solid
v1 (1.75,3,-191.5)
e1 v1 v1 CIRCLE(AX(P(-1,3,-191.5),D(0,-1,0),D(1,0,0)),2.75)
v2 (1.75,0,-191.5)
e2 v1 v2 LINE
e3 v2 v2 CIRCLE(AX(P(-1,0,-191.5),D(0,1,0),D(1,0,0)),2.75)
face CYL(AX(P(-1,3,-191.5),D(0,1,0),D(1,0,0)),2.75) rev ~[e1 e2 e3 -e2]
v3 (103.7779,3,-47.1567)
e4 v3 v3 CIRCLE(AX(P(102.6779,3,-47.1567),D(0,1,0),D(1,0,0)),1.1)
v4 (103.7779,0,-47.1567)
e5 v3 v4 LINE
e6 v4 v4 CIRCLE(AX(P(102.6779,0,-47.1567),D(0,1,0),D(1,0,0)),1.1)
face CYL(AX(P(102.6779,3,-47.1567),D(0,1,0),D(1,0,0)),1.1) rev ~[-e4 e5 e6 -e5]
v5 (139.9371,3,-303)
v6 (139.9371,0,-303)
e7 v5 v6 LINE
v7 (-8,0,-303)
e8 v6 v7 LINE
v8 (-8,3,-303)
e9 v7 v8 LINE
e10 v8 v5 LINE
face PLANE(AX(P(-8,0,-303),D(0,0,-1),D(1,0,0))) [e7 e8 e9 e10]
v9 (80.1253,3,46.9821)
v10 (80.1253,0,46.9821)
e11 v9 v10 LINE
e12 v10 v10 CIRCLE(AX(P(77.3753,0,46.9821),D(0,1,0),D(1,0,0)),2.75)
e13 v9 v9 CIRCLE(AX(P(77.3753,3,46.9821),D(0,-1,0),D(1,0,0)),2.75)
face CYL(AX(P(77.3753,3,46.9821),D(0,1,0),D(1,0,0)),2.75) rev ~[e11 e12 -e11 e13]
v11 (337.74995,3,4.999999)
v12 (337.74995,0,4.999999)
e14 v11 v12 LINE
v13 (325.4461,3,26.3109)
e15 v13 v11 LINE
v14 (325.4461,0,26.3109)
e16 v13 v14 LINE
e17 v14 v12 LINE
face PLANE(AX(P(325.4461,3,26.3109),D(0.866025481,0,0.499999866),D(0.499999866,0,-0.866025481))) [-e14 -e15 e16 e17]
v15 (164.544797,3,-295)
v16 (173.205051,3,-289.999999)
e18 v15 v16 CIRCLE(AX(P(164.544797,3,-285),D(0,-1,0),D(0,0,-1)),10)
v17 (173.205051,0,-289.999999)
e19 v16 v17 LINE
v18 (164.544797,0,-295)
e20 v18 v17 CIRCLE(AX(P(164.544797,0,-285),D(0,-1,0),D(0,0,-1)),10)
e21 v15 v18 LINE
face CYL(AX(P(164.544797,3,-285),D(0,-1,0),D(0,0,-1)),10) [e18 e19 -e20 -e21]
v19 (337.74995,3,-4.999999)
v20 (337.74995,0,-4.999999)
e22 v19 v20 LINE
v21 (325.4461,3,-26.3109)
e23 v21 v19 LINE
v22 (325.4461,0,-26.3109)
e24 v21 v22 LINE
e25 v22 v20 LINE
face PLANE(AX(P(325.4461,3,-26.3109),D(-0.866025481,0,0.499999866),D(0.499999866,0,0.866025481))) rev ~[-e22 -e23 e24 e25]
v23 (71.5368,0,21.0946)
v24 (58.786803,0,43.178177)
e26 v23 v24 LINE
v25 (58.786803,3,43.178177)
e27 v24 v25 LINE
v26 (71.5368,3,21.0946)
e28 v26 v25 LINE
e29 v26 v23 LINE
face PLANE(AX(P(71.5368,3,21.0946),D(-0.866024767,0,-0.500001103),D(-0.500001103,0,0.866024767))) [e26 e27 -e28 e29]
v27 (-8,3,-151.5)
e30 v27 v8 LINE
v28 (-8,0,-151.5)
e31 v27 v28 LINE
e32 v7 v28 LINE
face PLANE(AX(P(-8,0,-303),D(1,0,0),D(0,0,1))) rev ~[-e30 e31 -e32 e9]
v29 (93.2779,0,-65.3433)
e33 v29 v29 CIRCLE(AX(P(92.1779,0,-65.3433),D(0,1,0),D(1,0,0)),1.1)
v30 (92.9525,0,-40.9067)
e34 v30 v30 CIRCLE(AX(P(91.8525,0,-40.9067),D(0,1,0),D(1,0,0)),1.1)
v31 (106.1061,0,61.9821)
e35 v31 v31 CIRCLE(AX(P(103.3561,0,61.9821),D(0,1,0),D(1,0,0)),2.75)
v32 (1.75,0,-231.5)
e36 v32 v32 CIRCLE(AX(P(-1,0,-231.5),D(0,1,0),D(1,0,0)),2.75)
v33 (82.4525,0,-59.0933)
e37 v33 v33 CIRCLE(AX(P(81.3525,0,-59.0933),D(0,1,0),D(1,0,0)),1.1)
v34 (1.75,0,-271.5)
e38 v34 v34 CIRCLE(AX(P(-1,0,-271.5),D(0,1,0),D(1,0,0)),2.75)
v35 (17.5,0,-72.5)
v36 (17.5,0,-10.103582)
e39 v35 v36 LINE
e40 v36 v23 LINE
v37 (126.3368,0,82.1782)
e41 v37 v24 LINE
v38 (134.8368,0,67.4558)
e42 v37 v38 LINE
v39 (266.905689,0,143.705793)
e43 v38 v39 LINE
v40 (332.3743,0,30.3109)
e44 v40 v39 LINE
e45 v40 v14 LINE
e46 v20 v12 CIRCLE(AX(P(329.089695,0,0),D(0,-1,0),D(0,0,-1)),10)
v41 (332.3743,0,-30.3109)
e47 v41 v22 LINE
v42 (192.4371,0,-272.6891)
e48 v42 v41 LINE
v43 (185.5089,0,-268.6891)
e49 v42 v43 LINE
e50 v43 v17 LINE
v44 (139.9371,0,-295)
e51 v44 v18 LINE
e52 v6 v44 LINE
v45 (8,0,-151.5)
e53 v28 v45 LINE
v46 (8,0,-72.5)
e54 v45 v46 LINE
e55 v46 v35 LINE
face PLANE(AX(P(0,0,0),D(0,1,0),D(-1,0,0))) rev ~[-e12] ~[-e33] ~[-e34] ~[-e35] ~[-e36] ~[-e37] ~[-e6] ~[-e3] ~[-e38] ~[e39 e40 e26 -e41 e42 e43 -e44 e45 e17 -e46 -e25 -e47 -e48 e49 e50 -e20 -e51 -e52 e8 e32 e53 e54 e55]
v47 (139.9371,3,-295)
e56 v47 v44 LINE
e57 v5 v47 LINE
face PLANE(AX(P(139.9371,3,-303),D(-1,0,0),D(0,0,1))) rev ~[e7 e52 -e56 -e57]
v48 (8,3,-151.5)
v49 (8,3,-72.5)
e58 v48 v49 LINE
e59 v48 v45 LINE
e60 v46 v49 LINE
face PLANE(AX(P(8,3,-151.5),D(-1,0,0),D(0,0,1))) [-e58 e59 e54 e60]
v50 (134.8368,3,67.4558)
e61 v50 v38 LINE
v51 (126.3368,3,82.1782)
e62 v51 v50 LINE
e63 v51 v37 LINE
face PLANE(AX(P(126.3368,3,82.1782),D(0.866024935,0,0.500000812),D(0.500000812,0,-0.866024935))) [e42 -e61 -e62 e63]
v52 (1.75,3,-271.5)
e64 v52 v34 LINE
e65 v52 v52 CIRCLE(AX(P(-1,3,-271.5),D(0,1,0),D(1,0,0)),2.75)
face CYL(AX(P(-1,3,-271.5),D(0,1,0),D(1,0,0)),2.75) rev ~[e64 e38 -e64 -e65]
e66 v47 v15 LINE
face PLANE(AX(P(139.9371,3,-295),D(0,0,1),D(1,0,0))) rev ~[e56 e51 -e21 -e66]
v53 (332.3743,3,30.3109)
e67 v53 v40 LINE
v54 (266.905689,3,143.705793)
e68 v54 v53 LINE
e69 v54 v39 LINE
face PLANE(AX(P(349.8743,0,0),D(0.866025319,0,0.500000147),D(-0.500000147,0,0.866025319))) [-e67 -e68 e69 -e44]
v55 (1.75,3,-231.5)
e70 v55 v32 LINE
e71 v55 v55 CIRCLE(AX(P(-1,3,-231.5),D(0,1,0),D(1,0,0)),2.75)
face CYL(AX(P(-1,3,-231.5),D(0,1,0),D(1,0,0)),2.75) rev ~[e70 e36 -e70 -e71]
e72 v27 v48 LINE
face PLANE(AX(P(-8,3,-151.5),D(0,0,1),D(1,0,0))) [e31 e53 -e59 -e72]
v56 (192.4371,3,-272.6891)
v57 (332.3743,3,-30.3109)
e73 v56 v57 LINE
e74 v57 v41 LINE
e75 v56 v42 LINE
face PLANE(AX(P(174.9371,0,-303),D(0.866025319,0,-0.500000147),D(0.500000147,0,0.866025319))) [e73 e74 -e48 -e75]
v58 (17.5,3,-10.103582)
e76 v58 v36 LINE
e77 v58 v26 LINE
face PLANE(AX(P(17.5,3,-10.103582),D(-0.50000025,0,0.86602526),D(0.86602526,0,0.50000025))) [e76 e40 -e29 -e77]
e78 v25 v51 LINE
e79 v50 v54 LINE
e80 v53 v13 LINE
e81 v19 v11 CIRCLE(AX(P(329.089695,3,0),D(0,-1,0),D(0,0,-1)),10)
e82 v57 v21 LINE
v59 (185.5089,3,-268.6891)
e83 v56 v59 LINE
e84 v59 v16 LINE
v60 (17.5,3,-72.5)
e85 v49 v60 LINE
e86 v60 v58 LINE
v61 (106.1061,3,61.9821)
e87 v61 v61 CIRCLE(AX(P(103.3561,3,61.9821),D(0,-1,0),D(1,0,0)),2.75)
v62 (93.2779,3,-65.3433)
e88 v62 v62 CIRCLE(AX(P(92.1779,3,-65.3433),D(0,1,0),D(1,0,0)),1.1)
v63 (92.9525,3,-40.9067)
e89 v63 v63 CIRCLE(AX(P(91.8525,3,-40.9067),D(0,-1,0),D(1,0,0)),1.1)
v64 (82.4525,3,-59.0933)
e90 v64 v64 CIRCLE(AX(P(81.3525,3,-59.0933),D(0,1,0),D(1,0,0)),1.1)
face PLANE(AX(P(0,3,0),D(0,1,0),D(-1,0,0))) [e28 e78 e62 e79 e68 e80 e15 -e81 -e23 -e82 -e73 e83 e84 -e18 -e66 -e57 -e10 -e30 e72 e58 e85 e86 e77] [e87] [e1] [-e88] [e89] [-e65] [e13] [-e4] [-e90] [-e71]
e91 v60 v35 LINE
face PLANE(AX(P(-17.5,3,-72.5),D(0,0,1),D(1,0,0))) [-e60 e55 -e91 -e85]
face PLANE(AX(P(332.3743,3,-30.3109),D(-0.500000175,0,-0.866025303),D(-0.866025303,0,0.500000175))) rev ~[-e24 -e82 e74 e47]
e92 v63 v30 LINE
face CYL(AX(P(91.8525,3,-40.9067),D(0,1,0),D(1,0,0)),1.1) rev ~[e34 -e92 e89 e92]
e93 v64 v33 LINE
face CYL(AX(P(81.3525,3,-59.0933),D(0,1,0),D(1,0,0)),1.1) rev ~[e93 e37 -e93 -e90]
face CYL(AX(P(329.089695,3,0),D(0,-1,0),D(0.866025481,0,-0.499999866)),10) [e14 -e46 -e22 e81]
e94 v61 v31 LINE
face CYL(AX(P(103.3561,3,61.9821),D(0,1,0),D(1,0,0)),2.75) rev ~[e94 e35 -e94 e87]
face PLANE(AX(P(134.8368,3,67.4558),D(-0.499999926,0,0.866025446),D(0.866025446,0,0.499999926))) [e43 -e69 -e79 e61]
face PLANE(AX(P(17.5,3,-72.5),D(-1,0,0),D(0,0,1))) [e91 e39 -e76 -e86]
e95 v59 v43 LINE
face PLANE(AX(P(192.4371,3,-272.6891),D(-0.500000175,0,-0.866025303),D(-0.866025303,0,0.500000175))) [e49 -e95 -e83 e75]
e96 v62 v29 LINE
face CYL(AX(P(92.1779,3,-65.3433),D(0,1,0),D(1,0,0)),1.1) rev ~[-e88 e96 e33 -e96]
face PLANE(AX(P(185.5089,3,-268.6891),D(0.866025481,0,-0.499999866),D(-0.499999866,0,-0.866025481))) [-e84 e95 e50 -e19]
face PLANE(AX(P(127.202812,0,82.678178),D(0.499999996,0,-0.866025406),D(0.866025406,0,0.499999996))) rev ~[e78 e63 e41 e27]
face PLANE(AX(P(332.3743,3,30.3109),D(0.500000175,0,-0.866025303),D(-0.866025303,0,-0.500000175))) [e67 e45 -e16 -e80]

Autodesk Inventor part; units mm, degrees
ref_plane "YZ Plane" through (0, 0, 0) normal (1, 0, 0) x (0, 1, 0)
ref_plane "XZ Plane" through (0, 0, 0) normal (0, 1, 0) x (-1, 0, 0)
ref_plane "XY Plane" through (0, 0, 0) normal (0, 0, 1) x (1, 0, 0)
sketch "Sketch1" plane through (0, 0, 0) normal (0, 1, 0) x (-1, 0, 0)
  line L0 (349.8743, 0) -> (258.4057, -158.4282)
  line L1 (174.9371, -303) -> (-174.9371, -303)
  line L2 (-174.9371, -303) -> (-349.8743, 0)
  line L3 (-349.8743, 0) -> (-174.9371, 303)
  line L4 (-174.9371, 303) -> (174.9371, 303)
  line L5 (258.4057, 158.4282) -> (349.8743, 0)
  line L6 (0, 0) -> (-8, 0)
  line L7 (-8, 0) -> (-8, -303)
  line L8 (-8, -303) -> (8, -303)
  line L9 (8, -303) -> (8, 0)
  line L10 (8, 0) -> (-8, 0)
  circle A0 centre (0, 0) radius 2.5
  line L11 (258.4057, 158.4282) -> (-4, 6.9282)
  line L12 (4, -6.9282) -> (266.4057, 144.5718)
  line L13 (-4, 6.9282) -> (4, -6.9282)
  line L14 (-266.4057, 144.5718) -> (-4, -6.9282)
  line L15 (4, 6.9282) -> (-258.4057, 158.4282)
  line L16 (-4, -6.9282) -> (4, 6.9282)
  line L17 (8, -4.6188) -> (8, -151.5)
  line L18 (8, -151.5) -> (-8, -151.5)
  line L19 (-8, -151.5) -> (-8, -303)
  line L20 (-8, -4.6188) -> (-4, -6.9282)
  line L21 (4, -6.9282) -> (-4, -6.9282)
  line L22 (-266.4057, 144.5718) -> (-258.4057, 158.4282)
  line L23 (-127.2028, 82.6782) -> (-135.2028, 68.8218)
  line L24 (-135.2028, 68.8218) -> (-8, -4.6188)
  line L25 (-266.4057, 144.5718) -> (-349.8743, 0)
  line L26 (-174.9371, -303) -> (-349.8743, 0)
  line L27 (-174.9371, -303) -> (-8, -303)
  line L28 (0, 9.2376) -> (8, 0)
  dimension "d0" = 303
  dimension "d1" = 303
  dimension "d2" = 8
  dimension "d3" = 16
  dimension "d4" = 5
  dimension "d7" = 360
extrude "Extrusion1" add sketch "Sketch1" along normal blind 3 contours L1 L7 L18 L9 | L1 L2 L3 L14 L7 | L18 L7 L14 L21 L12 L9 | L12 L13 A0 L10 L9 | L14 L23 L15 L11 L13 A0 L6 L7 | L7 L6 A0 L16 L14 | L10 A0 L16 L28 | L21 L16 A0 L13 | L3 L15 L23 L14 | A0 L13 L10 | L10 L16 A0 | L28 L15 L16 | L16 A0 L13 L11 L28 | A0 L16 L13 | A0 L13 L6 | L6 L16 A0 | L13 A0 L16
sketch "Sketch2" plane through (0, 3, 0) normal (0, 1, 0) x (1, 0, 0)
  line L0 (-8, 303) -> (-8, 0) projected
  line L1 (-8, 0) -> (-8, 151.5)
  line L2 (-8, 151.5) -> (8, 151.5)
  line L3 (8, 151.5) -> (8, 0)
  line L4 (8, 0) -> (-8, 0)
  line L5 (0, -9.2376) -> (258.4057, -158.4282) projected
  line L6 (258.4057, -158.4282) -> (126.3368, -82.1782)
  line L7 (126.3368, -82.1782) -> (134.8368, -67.4558)
  line L8 (134.8368, -67.4558) -> (266.9057, -143.7058)
  line L9 (266.9057, -143.7058) -> (258.4057, -158.4282)
  point P0 (0, 0)
  dimension "d11" = 151.5
  dimension "d12" = 16
  dimension "d13" = 152.5
  dimension "d14" = 17
extrude "Extrusion2" cut sketch "Sketch2" against normal blind 3
sketch "Sketch3" plane through (0, 3, 0) normal (0, 1, 0) x (1, 0, 0)
  line L0 (174.9371, 303) -> (-8, 303) projected
  line L1 (174.9371, 303) -> (139.9371, 303)
  line L2 (139.9371, 303) -> (139.9371, 295)
  line L3 (139.9371, 295) -> (174.9371, 295)
  line L4 (174.9371, 295) -> (174.9371, 303)
  line L5 (349.8743, 0) -> (174.9371, 303) projected
  line L6 (174.9371, 303) -> (192.4371, 272.6891)
  line L7 (192.4371, 272.6891) -> (185.5089, 268.6891)
  line L8 (185.5089, 268.6891) -> (168.0089, 299)
  line L9 (168.0089, 299) -> (174.9371, 303)
  line L10 (349.8743, 0) -> (332.3743, 30.3109)
  line L11 (332.3743, 30.3109) -> (325.4461, 26.3109)
  line L12 (325.4461, 26.3109) -> (342.9461, -4)
  line L13 (342.9461, -4) -> (349.8743, 0)
  line L14 (349.8743, 0) -> (332.3743, -30.3109)
  line L15 (332.3743, -30.3109) -> (325.4461, -26.3109)
  line L16 (325.4461, -26.3109) -> (342.9461, 4)
  line L17 (342.9461, 4) -> (349.8743, 0)
  line L18 (349.8743, 0) -> (266.9057, -143.7058) projected
  line L19 (349.8743, 0) -> (384.8743, 0) construction
  point P0 (0, 0)
  dimension "d17" = 35
  dimension "d18" = 8
  dimension "d19" = 35
  dimension "d20" = 8
  dimension "d21" = 35
  dimension "d22" = 8
  dimension "d23" = 35
  dimension "d24" = 120
  dimension "d25" = 8
extrude "Extrusion3" cut sketch "Sketch3" against normal blind 3
sketch "Sketch4" plane through (0, 3, 0) normal (0, 1, 0) x (1, 0, 0)
  line L0 (-54.0368, 51.4054) -> (71.5368, -21.0946)
  line L1 (71.5368, -21.0946) -> (54.0368, -51.4054)
  line L2 (54.0368, -51.4054) -> (-71.5368, 21.0946)
  line L3 (-71.5368, 21.0946) -> (-54.0368, 51.4054)
  line L4 (-54.0368, 51.4054) -> (54.0368, -51.4054) construction
  line L5 (71.5368, -21.0946) -> (-71.5368, 21.0946) construction
  line L6 (-54.0368, 51.4054) -> (90.9632, 51.4054) construction
  line L7 (-17.5, -72.5) -> (-17.5, 72.5)
  line L8 (-17.5, 72.5) -> (17.5, 72.5)
  line L9 (17.5, 72.5) -> (17.5, -72.5)
  line L10 (17.5, -72.5) -> (-17.5, -72.5)
  line L11 (-17.5, -72.5) -> (17.5, 72.5) construction
  line L12 (-17.5, 72.5) -> (17.5, -72.5) construction
  line L13 (-8, 0) -> (8, 0) projected
  line L14 (-17.5, -72.5) -> (127.5, -72.5) construction
  point P0 (0, 0)
  dimension "d28" = 145
  dimension "d29" = 30
  dimension "d30" = 35
  dimension "d31" = 145
  dimension "d32" = 90
  dimension "d33" = 35
extrude "Extrusion4" cut sketch "Sketch4" against normal blind 3
sketch "Sketch5" plane through (0, 3, 0) normal (0, 1, 0) x (1, 0, 0)
  line L0 (-1, 151.5) -> (-1, 191.5)
  circle A0 centre (-1, 191.5) radius 2.75
  circle A1 centre (-1, 231.5) radius 2.75
  circle A2 centre (-1, 271.5) radius 2.75
  circle A3 centre (0, 0) radius 0.5
  line L1 (126.3368, -82.1782) -> (134.8368, -67.4558) projected
  line L2 (126.3368, -82.1782) -> (129.3368, -76.9821)
  line L3 (129.3368, -76.9821) -> (103.3561, -61.9821)
  line L4 (103.3561, -61.9821) -> (77.3753, -46.9821)
  circle A4 centre (103.3561, -61.9821) radius 2.75
  circle A5 centre (77.3753, -46.9821) radius 2.75
  line L5 (-8, 303) -> (-8, 151.5) projected
  dimension "d36" = 40
  dimension "d37" = 5.5
  dimension "d40" = 40
  dimension "d45" = 1
  dimension "d46" = 6
  dimension "d47" = 30
  dimension "d48" = 30
  dimension "d49" = 5.5
  dimension "d50" = 5.5
  dimension "d53" = 7
extrude "Extrusion5" cut sketch "Sketch5" against normal blind 3 contours A0 | A1 | A2 | A4 L4 L3 | A5 | L3 L4 A4
sketch "Sketch6" plane through (0, 3, 0) normal (0, 1, 0) x (1, 0, 0)
  line L0 (-8, 303) -> (-8, 151.5) projected
  line L1 (-8, 303) -> (344, 303)
  line L2 (344, 303) -> (344, -147)
  line L3 (344, -147) -> (-8, -147)
  line L4 (-8, -147) -> (-8, 303)
  point P0 (0, 0)
  dimension "d54" = 352
  dimension "d55" = 450
sketch "Sketch7" plane through (0, 3, 0) normal (0, 1, 0) x (1, 0, 0)
  line L0 (0, 0) -> (86.6025, 50)
  line L1 (0, 0) -> (100, 0) construction
  line L2 (86.6025, 50) -> (91.8525, 40.9067)
  circle A0 centre (91.8525, 40.9067) radius 1.1
  line L3 (86.6025, 50) -> (89.2006, 51.5)
  line L4 (86.6025, 50) -> (89.6025, 50) construction
  circle A1 centre (81.3525, 59.0933) radius 1.1
  circle A2 centre (102.6779, 47.1567) radius 1.1
  circle A3 centre (92.1779, 65.3433) radius 1.1
  dimension "d56" = 100
  dimension "d57" = 30
  dimension "d58" = 10.5
  dimension "d59" = 90
  dimension "d60" = 2.2
  dimension "d61" = 3
  dimension "d62" = 30
  dimension "d65" = 21
  dimension "d68" = 12.5
extrude "Extrusion6" cut sketch "Sketch7" against normal blind 5
fillet "Fillet1" radius 10 2 edges at (340.6367, 1.5, 0) (170.3183, 1.5, -295)
properties part number "Acrylic_bottom_camera"
